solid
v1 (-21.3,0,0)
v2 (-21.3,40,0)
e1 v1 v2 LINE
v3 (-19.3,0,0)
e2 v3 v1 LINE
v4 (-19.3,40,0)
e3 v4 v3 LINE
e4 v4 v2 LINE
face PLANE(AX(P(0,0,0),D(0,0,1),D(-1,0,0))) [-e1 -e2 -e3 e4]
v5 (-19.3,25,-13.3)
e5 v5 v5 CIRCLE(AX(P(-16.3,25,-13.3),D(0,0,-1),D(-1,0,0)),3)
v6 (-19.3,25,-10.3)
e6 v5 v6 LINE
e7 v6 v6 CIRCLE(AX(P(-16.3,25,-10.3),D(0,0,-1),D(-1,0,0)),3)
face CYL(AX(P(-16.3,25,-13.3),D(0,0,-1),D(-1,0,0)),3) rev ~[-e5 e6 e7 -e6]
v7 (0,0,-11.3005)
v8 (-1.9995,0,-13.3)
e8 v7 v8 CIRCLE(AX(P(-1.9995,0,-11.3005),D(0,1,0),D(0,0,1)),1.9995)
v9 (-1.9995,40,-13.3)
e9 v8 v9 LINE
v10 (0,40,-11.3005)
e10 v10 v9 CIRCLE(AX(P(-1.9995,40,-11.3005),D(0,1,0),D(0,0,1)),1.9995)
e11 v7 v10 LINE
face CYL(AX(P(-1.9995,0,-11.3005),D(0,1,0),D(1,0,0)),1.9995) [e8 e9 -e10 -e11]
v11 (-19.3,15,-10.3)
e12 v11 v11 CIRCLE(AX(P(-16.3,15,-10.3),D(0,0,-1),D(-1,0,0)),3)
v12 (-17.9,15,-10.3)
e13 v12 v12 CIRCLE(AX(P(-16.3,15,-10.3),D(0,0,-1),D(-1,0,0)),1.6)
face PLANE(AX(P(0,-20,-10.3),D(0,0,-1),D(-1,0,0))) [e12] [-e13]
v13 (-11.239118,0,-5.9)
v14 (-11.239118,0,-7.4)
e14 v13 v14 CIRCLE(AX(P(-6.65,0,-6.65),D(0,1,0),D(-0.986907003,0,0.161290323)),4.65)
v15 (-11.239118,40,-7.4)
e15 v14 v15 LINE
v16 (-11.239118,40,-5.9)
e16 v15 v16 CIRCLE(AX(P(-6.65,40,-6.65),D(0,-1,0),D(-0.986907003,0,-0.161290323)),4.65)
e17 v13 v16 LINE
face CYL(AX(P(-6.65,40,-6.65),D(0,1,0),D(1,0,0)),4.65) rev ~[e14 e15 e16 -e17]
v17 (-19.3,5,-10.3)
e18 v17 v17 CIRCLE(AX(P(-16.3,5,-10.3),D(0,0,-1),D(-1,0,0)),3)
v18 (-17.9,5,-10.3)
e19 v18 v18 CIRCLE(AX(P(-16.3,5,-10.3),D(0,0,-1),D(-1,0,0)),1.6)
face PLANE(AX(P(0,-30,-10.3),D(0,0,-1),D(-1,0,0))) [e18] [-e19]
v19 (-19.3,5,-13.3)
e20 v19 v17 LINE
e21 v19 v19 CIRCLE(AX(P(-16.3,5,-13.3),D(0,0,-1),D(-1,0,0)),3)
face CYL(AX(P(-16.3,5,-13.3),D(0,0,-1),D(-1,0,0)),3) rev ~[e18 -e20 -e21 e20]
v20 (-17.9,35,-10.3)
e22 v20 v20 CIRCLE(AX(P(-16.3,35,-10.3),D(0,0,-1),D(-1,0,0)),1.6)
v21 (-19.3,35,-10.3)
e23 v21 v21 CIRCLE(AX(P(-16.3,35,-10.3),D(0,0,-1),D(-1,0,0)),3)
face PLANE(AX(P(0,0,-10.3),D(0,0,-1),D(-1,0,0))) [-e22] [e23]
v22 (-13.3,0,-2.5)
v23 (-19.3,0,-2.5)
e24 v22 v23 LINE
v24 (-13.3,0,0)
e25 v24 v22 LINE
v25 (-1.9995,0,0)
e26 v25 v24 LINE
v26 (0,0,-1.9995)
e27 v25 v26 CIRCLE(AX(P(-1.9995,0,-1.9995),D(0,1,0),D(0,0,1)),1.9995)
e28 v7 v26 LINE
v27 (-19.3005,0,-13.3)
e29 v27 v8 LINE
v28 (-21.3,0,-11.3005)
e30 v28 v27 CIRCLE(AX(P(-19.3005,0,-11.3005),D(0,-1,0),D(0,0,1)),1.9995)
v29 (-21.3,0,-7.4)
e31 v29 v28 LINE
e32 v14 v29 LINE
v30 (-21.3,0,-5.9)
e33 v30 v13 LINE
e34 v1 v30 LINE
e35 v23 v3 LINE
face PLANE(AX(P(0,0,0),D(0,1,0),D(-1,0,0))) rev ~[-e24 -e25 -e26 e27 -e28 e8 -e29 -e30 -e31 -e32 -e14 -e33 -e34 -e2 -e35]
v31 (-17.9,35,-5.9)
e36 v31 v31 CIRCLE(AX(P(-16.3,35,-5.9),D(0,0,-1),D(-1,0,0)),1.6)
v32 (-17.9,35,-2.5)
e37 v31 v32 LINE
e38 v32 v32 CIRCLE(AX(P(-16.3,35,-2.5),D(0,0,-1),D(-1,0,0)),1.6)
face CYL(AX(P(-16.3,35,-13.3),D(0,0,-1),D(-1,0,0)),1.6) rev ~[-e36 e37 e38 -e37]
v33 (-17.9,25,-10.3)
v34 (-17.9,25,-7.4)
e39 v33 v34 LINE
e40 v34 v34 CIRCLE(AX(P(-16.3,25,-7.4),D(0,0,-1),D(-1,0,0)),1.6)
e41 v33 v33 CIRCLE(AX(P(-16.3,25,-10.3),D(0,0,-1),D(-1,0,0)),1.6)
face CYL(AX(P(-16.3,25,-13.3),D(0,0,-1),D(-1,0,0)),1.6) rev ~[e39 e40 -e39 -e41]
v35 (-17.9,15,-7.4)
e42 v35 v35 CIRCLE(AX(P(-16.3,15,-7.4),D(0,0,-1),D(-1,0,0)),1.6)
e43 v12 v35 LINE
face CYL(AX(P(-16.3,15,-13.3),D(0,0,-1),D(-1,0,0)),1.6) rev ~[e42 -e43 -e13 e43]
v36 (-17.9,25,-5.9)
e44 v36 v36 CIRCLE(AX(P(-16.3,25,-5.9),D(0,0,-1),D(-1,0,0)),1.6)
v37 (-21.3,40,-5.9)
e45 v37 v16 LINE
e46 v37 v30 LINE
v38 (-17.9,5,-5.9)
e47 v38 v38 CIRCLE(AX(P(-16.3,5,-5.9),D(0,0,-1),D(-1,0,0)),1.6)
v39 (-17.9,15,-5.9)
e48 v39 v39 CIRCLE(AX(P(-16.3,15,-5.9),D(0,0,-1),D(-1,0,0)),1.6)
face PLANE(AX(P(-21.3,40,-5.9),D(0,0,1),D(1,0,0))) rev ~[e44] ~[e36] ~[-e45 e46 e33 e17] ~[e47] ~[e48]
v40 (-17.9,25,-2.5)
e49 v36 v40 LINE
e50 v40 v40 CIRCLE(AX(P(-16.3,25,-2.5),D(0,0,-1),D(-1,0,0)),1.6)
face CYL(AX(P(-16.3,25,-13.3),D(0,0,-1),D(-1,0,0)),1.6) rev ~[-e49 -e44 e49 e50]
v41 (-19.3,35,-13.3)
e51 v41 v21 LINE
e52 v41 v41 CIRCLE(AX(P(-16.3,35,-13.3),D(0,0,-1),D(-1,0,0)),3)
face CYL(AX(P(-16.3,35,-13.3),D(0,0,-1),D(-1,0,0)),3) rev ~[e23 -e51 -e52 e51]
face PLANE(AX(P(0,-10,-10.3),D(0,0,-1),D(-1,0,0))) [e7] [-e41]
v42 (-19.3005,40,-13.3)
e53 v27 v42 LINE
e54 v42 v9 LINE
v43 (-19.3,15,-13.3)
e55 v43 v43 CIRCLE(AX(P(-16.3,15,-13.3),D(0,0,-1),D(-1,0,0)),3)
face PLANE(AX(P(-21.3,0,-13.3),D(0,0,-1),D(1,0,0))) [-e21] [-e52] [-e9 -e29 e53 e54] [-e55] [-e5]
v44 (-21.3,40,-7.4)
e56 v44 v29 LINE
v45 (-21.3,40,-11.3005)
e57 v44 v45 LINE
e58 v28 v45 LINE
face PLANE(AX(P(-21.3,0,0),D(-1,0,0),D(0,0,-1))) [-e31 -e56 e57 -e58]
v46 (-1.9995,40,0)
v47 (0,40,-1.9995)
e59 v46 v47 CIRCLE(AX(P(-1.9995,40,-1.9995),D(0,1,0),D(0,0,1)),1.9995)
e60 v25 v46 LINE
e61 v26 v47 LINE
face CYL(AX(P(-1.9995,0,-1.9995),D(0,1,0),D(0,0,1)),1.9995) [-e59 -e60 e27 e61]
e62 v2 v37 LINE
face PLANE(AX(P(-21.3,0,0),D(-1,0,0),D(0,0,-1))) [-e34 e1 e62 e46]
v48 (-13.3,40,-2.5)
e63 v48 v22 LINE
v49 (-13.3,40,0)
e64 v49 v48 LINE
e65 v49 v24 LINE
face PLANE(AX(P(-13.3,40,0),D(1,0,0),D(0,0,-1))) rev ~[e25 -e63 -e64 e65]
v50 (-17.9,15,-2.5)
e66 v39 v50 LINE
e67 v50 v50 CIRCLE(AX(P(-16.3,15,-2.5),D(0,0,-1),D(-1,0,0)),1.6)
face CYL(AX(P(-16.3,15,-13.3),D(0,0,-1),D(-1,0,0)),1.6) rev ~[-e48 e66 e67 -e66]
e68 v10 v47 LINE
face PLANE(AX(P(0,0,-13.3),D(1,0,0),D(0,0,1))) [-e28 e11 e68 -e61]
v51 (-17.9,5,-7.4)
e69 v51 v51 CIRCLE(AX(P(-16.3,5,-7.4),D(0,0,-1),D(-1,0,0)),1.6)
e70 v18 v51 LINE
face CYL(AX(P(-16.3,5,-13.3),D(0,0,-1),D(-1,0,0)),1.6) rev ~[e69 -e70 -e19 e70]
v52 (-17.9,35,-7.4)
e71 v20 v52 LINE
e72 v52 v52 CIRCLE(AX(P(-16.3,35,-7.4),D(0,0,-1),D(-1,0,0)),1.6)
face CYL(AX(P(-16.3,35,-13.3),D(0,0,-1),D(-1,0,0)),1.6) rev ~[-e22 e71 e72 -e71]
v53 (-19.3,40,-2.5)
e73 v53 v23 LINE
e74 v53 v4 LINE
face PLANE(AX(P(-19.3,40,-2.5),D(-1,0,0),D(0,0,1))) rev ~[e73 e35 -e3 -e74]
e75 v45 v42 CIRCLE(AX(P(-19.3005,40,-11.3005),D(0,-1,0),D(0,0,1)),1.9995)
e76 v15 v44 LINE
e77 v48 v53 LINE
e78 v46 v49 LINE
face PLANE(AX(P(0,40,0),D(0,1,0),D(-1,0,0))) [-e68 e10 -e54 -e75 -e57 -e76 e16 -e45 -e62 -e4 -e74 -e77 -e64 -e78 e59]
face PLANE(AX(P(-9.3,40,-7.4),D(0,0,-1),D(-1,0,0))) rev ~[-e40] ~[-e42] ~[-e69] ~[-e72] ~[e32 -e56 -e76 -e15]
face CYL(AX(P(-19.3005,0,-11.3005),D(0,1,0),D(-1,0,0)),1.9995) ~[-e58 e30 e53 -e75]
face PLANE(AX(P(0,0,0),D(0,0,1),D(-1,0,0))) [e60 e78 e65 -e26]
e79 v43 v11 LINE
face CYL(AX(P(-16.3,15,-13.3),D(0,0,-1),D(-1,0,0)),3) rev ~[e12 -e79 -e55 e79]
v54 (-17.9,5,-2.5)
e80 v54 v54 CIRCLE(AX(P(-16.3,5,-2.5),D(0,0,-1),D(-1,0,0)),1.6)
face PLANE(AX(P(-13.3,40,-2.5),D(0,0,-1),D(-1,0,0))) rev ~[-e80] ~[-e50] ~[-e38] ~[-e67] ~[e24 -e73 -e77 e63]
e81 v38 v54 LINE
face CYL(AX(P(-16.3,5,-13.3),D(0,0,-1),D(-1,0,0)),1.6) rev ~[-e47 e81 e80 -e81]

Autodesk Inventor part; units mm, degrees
ref_plane "YZ Plane" through (0, 0, 0) normal (1, 0, 0) x (0, 1, 0)
ref_plane "XZ Plane" through (0, 0, 0) normal (0, 1, 0) x (-1, 0, 0)
ref_plane "XY Plane" through (0, 0, 0) normal (0, 0, 1) x (1, 0, 0)
sketch "Sketch1" plane through (0, 0, 0) normal (0, 1, 0) x (-1, 0, 0)
  line L0 (0, 0) -> (21.3, 0)
  line L1 (21.3, 0) -> (21.3, -13.3)
  line L2 (21.3, -13.3) -> (0, -13.3)
  line L3 (0, -13.3) -> (0, 0)
  dimension "d0" = 21.3
  dimension "d1" = 13.3
extrude "Extrusion1" add sketch "Sketch1" along normal blind 40
sketch "Sketch2" plane through (0, 40, 0) normal (0, 1, 0) x (1, 0, 0)
  circle A0 centre (-6.65, 6.65) radius 4.65
  line L0 (0, 0) -> (0, 13.3) projected
  line L1 (-21.3, 0) -> (0, 0) projected
  dimension "d4" = 9.3
  dimension "d5" = 6.65
  dimension "d6" = 6.65
extrude "Extrusion2" cut sketch "Sketch2" against normal through all
sketch "Sketch3" plane through (0, 40, 0) normal (0, 1, 0) x (1, 0, 0)
  line L0 (-21.3, 5.9) -> (-9.3, 5.9)
  line L1 (-9.3, 5.9) -> (-9.3, 7.4)
  line L2 (-9.3, 7.4) -> (-21.3, 7.4)
  line L3 (-21.3, 7.4) -> (-21.3, 5.9)
  line L4 (0, 13.3) -> (-21.3, 13.3) projected
  line L5 (-21.3, 13.3) -> (-21.3, 0) projected
  point P0 (0, 0)
  dimension "d9" = 1.5
  dimension "d10" = 5.9
  dimension "d11" = 12
extrude "Extrusion3" cut sketch "Sketch3" against normal through all
sketch "Sketch4" plane through (0, 40, 0) normal (0, 1, 0) x (1, 0, 0)
  line L0 (-19.3, 0) -> (-13.3, 0)
  line L1 (-13.3, 0) -> (-13.3, 2.5)
  line L2 (-13.3, 2.5) -> (-19.3, 2.5)
  line L3 (-19.3, 2.5) -> (-19.3, 0)
  line L4 (-21.3, 5.9) -> (-21.3, 0) projected
  line L5 (-21.3, 0) -> (0, 0) projected
  dimension "d14" = 2.5
  dimension "d15" = 6
  dimension "d16" = 2
extrude "Extrusion4" cut sketch "Sketch4" against normal through all
sketch "Sketch5" plane through (0, 0, -13.3) normal (0, 0, -1) x (-1, 0, 0)
  circle A0 centre (16.3, 35) radius 1.6
  line L0 (21.3, 0) -> (21.3, 40) projected
  line L1 (0, 40) -> (21.3, 40) projected
  point P0 (0, 0)
  dimension "d19" = 3.2
  dimension "d20" = 5
  dimension "d21" = 5
extrude "Extrusion5" cut sketch "Sketch5" against normal through all
pattern_linear "Rectangular Pattern1" count 4 spacing 10 along (0, -1, 0) of "Extrusion5"
sketch "Sketch6" plane through (0, 0, -13.3) normal (0, 0, -1) x (-1, 0, 0)
  line L0 (11.2391, 0) -> (11.2391, 40) projected
  circle A0 centre (16.3, 35) radius 3
  line L1 (21.3, 0) -> (21.3, 40) projected
  line L2 (0, 40) -> (21.3, 40) projected
  point P0 (0, 0)
  dimension "d27" = 6
  dimension "d28" = 5
  dimension "d29" = 5
extrude "Extrusion6" cut sketch "Sketch6" against normal blind 3
pattern_linear "Rectangular Pattern2" count 4 spacing 10 along (0, -1, 0) of "Extrusion6"
fillet "Fillet1" radius 2 3 edges at (0, 20, -13.3) (-21.3, 20, -13.3) (0, 20, 0)
equation "\"d6\" = d5"
properties part number "ADAPTATEUR"
